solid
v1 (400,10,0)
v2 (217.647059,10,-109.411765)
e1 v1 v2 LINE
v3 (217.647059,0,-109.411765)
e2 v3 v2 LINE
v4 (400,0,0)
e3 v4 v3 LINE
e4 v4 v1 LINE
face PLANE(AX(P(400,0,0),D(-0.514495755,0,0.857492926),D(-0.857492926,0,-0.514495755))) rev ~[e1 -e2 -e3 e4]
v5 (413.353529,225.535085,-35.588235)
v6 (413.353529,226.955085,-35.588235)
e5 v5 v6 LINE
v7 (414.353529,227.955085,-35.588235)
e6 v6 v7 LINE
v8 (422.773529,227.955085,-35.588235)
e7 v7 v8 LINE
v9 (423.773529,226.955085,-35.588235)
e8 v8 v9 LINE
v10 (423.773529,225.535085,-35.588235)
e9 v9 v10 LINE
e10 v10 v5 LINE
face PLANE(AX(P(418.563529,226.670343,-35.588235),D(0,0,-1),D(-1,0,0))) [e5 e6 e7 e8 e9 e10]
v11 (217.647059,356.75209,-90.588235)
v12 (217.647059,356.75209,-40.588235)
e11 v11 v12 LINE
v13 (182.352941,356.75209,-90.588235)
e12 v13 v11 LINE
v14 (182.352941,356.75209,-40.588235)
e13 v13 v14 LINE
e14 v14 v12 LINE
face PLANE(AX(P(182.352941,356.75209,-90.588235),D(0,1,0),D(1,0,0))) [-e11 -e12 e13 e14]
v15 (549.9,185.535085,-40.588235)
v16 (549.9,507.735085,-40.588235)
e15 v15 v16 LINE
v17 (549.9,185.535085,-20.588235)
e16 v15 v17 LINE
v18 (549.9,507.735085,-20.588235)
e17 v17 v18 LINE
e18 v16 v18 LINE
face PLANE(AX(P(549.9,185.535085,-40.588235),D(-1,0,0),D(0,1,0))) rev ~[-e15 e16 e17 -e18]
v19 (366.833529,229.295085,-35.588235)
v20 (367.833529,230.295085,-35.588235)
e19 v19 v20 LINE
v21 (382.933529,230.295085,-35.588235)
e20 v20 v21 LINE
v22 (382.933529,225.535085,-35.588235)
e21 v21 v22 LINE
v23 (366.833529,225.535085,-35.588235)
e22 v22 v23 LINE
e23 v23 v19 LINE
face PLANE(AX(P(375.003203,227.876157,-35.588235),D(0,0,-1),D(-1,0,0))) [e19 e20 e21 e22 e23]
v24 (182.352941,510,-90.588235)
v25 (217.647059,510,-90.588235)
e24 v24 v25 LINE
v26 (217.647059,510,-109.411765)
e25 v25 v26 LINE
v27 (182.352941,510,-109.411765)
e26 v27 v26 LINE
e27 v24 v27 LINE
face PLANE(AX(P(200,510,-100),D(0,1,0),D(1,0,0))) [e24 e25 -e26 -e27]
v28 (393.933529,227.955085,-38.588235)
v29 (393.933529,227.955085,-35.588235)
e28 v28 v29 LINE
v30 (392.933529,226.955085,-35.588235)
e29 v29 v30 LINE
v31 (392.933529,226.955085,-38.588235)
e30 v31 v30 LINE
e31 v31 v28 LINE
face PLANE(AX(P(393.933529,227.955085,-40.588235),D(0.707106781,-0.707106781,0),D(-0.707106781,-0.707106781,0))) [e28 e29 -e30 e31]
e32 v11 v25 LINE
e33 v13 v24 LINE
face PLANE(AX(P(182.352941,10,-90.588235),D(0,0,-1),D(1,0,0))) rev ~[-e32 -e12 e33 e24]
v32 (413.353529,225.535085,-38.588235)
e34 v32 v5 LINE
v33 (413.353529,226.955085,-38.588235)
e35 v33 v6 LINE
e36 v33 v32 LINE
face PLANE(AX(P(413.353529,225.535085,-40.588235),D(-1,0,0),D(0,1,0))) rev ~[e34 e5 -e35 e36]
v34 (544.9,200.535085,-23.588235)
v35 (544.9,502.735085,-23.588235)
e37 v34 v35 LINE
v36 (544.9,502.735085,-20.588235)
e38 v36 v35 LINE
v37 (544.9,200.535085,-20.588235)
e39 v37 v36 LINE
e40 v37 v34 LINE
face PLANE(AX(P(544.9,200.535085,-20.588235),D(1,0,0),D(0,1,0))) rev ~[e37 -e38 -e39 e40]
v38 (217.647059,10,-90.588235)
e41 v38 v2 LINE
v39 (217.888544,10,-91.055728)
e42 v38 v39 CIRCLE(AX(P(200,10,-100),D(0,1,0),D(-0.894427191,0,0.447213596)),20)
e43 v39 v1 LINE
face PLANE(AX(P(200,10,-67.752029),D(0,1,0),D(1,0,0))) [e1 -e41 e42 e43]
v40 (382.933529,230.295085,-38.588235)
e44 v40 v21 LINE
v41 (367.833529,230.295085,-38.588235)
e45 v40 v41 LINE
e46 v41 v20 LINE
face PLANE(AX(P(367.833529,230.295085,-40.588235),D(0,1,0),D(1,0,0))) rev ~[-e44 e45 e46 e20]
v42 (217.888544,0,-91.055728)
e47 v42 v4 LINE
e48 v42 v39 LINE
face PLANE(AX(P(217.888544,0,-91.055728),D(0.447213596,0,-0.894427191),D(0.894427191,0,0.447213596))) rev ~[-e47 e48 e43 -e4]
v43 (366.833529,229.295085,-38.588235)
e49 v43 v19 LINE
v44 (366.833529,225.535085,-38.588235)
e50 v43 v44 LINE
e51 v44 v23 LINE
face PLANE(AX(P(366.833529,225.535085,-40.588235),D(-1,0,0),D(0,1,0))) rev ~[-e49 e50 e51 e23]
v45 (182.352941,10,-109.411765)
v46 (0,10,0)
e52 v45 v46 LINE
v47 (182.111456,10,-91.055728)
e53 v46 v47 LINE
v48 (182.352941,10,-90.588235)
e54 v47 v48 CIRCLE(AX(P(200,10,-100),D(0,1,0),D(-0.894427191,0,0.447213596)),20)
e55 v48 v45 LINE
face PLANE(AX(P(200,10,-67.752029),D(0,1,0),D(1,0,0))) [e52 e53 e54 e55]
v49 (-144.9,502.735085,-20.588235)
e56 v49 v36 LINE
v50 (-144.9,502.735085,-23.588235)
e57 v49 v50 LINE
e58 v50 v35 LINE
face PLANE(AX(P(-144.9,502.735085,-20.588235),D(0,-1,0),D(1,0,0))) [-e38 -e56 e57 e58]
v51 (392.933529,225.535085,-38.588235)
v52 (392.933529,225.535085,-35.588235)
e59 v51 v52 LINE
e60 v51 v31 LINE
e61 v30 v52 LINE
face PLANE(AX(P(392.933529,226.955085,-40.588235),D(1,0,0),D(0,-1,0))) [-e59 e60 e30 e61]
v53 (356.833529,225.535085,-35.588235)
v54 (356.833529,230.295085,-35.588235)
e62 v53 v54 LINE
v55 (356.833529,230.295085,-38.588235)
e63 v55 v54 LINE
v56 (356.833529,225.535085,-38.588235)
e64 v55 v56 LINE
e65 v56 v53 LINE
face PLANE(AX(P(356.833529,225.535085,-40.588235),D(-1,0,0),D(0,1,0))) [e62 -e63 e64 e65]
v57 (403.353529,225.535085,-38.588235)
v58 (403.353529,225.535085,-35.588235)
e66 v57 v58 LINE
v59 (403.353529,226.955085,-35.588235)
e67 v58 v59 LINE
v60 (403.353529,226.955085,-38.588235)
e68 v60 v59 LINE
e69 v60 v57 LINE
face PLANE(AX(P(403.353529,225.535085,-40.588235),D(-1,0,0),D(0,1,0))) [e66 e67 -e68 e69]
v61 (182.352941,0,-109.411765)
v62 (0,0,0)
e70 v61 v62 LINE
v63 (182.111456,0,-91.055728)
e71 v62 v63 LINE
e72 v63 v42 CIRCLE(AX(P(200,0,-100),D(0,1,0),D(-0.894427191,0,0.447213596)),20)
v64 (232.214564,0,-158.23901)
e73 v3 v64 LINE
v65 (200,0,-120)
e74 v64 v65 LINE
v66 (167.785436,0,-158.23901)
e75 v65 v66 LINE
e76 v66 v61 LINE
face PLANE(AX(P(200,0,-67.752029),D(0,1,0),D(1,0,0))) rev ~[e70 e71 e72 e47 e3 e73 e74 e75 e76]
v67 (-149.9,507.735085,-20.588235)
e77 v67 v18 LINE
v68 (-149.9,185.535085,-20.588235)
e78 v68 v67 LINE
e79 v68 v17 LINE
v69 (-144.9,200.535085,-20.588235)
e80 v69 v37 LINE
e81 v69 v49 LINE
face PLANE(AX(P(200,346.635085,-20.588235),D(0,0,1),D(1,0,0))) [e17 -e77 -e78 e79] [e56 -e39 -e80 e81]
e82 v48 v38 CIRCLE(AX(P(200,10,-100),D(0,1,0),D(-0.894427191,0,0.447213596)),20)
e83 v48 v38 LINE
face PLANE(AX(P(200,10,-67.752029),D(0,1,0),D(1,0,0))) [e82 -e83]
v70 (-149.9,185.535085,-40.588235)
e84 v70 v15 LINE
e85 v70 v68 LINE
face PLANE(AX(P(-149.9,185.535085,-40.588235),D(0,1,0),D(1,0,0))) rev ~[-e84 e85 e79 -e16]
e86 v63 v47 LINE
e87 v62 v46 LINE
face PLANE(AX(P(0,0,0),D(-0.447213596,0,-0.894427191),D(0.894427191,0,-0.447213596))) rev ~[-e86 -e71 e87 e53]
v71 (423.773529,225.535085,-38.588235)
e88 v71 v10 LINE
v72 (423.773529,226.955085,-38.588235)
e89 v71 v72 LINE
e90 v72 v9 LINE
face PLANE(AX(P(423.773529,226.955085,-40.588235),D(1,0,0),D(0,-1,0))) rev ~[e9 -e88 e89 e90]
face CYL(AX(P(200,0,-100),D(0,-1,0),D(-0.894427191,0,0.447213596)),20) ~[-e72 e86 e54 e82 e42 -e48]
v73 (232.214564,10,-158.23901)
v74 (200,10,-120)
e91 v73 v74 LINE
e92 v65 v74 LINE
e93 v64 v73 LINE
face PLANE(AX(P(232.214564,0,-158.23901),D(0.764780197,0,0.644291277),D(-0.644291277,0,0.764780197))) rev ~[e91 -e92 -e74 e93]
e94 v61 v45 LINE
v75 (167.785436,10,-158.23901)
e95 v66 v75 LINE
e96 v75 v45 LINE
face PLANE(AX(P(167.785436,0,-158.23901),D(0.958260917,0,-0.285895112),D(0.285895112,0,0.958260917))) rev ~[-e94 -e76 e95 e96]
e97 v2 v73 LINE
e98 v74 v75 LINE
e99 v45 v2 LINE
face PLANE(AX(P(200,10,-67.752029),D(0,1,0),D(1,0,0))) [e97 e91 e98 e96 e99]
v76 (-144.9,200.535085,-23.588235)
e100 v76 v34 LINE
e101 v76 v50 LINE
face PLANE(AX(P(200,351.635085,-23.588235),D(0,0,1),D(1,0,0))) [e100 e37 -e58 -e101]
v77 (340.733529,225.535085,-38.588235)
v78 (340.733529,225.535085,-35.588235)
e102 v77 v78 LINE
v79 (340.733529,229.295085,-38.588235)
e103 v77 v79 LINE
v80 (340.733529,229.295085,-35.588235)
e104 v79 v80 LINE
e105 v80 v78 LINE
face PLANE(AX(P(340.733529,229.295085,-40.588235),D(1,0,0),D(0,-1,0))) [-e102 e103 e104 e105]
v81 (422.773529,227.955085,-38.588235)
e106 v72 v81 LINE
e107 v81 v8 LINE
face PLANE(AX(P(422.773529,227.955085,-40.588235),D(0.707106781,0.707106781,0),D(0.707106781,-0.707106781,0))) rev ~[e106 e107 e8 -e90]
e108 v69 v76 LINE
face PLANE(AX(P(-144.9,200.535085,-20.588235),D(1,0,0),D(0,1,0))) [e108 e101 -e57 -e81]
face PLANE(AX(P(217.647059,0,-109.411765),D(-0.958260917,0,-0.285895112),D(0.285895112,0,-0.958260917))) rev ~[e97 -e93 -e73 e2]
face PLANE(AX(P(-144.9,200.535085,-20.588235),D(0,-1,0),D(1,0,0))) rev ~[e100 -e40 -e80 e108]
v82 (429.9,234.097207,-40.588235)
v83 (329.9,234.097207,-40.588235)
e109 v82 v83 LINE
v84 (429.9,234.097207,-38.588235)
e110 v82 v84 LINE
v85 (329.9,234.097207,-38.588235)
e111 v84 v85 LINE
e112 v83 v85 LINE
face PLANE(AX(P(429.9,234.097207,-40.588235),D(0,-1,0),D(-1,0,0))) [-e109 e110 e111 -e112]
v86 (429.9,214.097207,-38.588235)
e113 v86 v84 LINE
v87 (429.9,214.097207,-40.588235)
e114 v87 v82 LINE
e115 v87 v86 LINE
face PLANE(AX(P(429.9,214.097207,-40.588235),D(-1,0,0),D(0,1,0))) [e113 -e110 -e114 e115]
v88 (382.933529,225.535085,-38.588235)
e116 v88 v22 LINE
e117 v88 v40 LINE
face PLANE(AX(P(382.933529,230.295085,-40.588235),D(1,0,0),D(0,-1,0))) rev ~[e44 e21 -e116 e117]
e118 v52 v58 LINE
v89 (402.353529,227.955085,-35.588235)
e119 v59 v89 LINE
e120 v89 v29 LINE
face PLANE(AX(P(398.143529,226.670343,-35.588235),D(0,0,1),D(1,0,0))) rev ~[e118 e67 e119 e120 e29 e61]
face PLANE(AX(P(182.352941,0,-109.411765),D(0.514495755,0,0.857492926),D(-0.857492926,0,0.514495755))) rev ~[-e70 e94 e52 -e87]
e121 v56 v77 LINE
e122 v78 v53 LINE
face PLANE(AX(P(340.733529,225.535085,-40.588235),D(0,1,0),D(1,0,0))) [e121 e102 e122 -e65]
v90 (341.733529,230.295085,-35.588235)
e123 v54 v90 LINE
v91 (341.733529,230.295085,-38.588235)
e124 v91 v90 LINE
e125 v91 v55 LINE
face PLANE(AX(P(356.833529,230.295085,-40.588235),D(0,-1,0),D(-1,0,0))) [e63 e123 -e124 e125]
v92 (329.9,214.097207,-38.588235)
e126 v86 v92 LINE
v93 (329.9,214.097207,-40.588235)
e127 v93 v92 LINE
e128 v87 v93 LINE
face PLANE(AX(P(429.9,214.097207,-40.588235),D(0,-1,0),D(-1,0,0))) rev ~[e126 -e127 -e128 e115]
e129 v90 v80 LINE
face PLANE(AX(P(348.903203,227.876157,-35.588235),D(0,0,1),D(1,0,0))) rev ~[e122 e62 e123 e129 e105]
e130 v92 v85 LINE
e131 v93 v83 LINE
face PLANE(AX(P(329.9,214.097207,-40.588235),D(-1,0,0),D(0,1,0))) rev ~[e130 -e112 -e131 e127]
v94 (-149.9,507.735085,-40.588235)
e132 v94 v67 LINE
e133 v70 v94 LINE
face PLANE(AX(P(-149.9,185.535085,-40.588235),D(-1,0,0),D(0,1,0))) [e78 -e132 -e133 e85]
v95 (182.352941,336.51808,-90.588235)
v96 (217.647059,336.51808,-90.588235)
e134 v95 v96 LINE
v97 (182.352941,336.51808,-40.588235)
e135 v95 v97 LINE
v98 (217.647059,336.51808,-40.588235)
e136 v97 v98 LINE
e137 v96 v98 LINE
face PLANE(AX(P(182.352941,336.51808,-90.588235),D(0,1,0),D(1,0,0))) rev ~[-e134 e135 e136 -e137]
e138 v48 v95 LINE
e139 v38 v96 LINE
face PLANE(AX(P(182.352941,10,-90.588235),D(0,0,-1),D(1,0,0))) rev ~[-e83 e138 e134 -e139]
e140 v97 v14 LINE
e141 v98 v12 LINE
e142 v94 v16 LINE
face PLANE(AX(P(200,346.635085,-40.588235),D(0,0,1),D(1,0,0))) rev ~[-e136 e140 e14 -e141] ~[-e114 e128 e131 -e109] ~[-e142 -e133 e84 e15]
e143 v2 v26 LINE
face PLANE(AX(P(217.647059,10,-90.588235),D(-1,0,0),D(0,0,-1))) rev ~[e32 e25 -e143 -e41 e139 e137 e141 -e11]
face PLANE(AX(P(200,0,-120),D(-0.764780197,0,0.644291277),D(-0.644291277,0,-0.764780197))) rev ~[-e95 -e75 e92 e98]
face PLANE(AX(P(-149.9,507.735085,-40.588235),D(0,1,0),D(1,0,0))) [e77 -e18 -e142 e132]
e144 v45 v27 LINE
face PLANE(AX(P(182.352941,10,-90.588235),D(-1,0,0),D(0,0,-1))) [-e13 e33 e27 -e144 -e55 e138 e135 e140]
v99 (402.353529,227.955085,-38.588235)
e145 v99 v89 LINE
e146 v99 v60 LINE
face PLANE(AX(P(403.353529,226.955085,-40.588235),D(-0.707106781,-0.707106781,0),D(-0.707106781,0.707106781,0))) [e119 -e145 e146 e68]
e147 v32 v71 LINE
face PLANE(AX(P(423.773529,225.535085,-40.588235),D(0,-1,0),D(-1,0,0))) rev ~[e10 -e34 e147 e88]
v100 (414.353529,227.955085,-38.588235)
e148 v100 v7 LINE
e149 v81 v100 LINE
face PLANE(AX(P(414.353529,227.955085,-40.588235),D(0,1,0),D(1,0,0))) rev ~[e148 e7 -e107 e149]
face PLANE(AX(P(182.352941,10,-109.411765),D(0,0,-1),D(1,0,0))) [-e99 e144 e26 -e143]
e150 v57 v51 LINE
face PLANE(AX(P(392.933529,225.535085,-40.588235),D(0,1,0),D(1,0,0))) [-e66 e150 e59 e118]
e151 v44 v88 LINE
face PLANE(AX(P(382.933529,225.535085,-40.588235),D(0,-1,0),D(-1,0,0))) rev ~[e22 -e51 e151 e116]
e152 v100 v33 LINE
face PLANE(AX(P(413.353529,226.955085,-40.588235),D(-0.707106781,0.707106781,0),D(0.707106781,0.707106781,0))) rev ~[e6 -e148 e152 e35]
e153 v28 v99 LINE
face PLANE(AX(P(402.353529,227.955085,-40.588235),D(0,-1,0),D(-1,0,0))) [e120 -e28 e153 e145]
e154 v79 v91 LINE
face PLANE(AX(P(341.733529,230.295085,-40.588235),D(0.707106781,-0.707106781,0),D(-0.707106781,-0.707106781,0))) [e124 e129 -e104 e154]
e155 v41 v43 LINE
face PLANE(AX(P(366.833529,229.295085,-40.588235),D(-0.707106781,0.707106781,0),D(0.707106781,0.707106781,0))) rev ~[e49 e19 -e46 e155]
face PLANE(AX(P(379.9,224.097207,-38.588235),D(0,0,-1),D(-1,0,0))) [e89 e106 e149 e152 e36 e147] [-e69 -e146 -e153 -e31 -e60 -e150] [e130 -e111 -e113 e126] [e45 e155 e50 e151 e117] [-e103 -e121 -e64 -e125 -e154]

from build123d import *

# Parameters (mm, degrees)
BOSS_EXTRUDE1_DEPTH = 10
SKETCH6_W           = 35.294117648
SKETCH6_H           = 18.823529412
BOSS_EXTRUDE3_DEPTH = 500
SKETCH8_W           = 35.294117648
SKETCH8_H           = 20.234009988
BOSS_EXTRUDE4_DEPTH = 50
SKETCH9_W           = 699.8
SKETCH9_H           = 322.2
BOSS_EXTRUDE5_DEPTH = 20
SKETCH10_W          = 689.8
SKETCH10_H          = 302.2
CUT_EXTRUDE1_DEPTH  = 3
CUT_EXTRUDE6_DEPTH  = 5
SKETCH13_W          = 100
SKETCH13_H          = 20
CUT_EXTRUDE7_DEPTH  = 2


with BuildPart() as part:
    # Sketch1 → Boss-Extrude1 (new body)
    with BuildSketch(Plane(origin=(0, 0, 0), x_dir=(1, 0, 0), z_dir=(0, 1, 0))):
        with BuildLine():
            Line((0, 0), (182.11145618, 91.05572809))
            ThreePointArc((182.11145618, 91.05572809), (200, 80), (217.88854382, 91.05572809))
            Line((217.88854382, 91.05572809), (400, 0))
            Line((400, 0), (217.647058824, 109.411764706))
            Line((217.647058824, 109.411764706), (232.214563867, 158.239009858))
            Line((232.214563867, 158.239009858), (200, 120))
            Line((200, 120), (167.785436133, 158.239009858))
            Line((167.785436133, 158.239009858), (182.352941176, 109.411764706))
            Line((182.352941176, 109.411764706), (0, 0))
        make_face()
    extrude(amount=BOSS_EXTRUDE1_DEPTH)

    # Sketch6 → Boss-Extrude3 (add)
    with BuildSketch(Plane(origin=(0, 10, 0), x_dir=(1, 0, 0), z_dir=(0, 1, 0))):
        with Locations((200, 100)):
            Rectangle(SKETCH6_W, SKETCH6_H)
    extrude(amount=BOSS_EXTRUDE3_DEPTH)

    # Sketch8 → Boss-Extrude4 (add)
    with BuildSketch(Plane.XY.offset(-90.588235294)):
        with Locations((200, 346.635085086)):
            Rectangle(SKETCH8_W, SKETCH8_H)
    extrude(amount=BOSS_EXTRUDE4_DEPTH)

    # Sketch9 → Boss-Extrude5 (add)
    with BuildSketch(Plane.XY.offset(-40.588235294)):
        with Locations((200, 346.635085086)):
            Rectangle(SKETCH9_W, SKETCH9_H)
    extrude(amount=BOSS_EXTRUDE5_DEPTH)

    # Sketch10 → Cut-Extrude1 (cut)
    with BuildSketch(Plane.XY.offset(-20.588235294)):
        with Locations((200, 351.635085086)):
            Rectangle(SKETCH10_W, SKETCH10_H)
    extrude(amount=-CUT_EXTRUDE1_DEPTH, mode=Mode.SUBTRACT)

    # Sketch11 → Cut-Extrude6 (cut)
    with BuildSketch(Plane(origin=(0, 0, -40.588235294), x_dir=(-1, 0, 0), z_dir=(0, 0, -1))):
        Polygon((-392.933529412, 226.955085086), (-392.933529412, 225.535085086), (-403.353529412, 225.535085086), (-403.353529412, 226.955085086), (-402.353529412, 227.955085086), (-393.933529412, 227.955085086), align=None)
        Polygon((-366.833529412, 225.535085086), (-366.833529412, 229.295085086), (-367.833529412, 230.295085086), (-382.933529412, 230.295085086), (-382.933529412, 225.535085086), align=None)
        Polygon((-341.733529412, 230.295085086), (-340.733529412, 229.295085086), (-340.733529412, 225.535085086), (-356.833529412, 225.535085086), (-356.833529412, 230.295085086), align=None)
        Polygon((-423.773529412, 226.955085086), (-423.773529412, 225.535085086), (-413.353529412, 225.535085086), (-413.353529412, 226.955085086), (-414.353529412, 227.955085086), (-422.773529412, 227.955085086), align=None)
    extrude(amount=-CUT_EXTRUDE6_DEPTH, mode=Mode.SUBTRACT)

    # Sketch13 → Cut-Extrude7 (cut)
    with BuildSketch(Plane(origin=(0, 0, -40.588235294), x_dir=(-1, 0, 0), z_dir=(0, 0, -1))):
        with Locations((-379.9, 224.097206675)):
            Rectangle(SKETCH13_W, SKETCH13_H)
    extrude(amount=-CUT_EXTRUDE7_DEPTH, mode=Mode.SUBTRACT)


solid = part.part
